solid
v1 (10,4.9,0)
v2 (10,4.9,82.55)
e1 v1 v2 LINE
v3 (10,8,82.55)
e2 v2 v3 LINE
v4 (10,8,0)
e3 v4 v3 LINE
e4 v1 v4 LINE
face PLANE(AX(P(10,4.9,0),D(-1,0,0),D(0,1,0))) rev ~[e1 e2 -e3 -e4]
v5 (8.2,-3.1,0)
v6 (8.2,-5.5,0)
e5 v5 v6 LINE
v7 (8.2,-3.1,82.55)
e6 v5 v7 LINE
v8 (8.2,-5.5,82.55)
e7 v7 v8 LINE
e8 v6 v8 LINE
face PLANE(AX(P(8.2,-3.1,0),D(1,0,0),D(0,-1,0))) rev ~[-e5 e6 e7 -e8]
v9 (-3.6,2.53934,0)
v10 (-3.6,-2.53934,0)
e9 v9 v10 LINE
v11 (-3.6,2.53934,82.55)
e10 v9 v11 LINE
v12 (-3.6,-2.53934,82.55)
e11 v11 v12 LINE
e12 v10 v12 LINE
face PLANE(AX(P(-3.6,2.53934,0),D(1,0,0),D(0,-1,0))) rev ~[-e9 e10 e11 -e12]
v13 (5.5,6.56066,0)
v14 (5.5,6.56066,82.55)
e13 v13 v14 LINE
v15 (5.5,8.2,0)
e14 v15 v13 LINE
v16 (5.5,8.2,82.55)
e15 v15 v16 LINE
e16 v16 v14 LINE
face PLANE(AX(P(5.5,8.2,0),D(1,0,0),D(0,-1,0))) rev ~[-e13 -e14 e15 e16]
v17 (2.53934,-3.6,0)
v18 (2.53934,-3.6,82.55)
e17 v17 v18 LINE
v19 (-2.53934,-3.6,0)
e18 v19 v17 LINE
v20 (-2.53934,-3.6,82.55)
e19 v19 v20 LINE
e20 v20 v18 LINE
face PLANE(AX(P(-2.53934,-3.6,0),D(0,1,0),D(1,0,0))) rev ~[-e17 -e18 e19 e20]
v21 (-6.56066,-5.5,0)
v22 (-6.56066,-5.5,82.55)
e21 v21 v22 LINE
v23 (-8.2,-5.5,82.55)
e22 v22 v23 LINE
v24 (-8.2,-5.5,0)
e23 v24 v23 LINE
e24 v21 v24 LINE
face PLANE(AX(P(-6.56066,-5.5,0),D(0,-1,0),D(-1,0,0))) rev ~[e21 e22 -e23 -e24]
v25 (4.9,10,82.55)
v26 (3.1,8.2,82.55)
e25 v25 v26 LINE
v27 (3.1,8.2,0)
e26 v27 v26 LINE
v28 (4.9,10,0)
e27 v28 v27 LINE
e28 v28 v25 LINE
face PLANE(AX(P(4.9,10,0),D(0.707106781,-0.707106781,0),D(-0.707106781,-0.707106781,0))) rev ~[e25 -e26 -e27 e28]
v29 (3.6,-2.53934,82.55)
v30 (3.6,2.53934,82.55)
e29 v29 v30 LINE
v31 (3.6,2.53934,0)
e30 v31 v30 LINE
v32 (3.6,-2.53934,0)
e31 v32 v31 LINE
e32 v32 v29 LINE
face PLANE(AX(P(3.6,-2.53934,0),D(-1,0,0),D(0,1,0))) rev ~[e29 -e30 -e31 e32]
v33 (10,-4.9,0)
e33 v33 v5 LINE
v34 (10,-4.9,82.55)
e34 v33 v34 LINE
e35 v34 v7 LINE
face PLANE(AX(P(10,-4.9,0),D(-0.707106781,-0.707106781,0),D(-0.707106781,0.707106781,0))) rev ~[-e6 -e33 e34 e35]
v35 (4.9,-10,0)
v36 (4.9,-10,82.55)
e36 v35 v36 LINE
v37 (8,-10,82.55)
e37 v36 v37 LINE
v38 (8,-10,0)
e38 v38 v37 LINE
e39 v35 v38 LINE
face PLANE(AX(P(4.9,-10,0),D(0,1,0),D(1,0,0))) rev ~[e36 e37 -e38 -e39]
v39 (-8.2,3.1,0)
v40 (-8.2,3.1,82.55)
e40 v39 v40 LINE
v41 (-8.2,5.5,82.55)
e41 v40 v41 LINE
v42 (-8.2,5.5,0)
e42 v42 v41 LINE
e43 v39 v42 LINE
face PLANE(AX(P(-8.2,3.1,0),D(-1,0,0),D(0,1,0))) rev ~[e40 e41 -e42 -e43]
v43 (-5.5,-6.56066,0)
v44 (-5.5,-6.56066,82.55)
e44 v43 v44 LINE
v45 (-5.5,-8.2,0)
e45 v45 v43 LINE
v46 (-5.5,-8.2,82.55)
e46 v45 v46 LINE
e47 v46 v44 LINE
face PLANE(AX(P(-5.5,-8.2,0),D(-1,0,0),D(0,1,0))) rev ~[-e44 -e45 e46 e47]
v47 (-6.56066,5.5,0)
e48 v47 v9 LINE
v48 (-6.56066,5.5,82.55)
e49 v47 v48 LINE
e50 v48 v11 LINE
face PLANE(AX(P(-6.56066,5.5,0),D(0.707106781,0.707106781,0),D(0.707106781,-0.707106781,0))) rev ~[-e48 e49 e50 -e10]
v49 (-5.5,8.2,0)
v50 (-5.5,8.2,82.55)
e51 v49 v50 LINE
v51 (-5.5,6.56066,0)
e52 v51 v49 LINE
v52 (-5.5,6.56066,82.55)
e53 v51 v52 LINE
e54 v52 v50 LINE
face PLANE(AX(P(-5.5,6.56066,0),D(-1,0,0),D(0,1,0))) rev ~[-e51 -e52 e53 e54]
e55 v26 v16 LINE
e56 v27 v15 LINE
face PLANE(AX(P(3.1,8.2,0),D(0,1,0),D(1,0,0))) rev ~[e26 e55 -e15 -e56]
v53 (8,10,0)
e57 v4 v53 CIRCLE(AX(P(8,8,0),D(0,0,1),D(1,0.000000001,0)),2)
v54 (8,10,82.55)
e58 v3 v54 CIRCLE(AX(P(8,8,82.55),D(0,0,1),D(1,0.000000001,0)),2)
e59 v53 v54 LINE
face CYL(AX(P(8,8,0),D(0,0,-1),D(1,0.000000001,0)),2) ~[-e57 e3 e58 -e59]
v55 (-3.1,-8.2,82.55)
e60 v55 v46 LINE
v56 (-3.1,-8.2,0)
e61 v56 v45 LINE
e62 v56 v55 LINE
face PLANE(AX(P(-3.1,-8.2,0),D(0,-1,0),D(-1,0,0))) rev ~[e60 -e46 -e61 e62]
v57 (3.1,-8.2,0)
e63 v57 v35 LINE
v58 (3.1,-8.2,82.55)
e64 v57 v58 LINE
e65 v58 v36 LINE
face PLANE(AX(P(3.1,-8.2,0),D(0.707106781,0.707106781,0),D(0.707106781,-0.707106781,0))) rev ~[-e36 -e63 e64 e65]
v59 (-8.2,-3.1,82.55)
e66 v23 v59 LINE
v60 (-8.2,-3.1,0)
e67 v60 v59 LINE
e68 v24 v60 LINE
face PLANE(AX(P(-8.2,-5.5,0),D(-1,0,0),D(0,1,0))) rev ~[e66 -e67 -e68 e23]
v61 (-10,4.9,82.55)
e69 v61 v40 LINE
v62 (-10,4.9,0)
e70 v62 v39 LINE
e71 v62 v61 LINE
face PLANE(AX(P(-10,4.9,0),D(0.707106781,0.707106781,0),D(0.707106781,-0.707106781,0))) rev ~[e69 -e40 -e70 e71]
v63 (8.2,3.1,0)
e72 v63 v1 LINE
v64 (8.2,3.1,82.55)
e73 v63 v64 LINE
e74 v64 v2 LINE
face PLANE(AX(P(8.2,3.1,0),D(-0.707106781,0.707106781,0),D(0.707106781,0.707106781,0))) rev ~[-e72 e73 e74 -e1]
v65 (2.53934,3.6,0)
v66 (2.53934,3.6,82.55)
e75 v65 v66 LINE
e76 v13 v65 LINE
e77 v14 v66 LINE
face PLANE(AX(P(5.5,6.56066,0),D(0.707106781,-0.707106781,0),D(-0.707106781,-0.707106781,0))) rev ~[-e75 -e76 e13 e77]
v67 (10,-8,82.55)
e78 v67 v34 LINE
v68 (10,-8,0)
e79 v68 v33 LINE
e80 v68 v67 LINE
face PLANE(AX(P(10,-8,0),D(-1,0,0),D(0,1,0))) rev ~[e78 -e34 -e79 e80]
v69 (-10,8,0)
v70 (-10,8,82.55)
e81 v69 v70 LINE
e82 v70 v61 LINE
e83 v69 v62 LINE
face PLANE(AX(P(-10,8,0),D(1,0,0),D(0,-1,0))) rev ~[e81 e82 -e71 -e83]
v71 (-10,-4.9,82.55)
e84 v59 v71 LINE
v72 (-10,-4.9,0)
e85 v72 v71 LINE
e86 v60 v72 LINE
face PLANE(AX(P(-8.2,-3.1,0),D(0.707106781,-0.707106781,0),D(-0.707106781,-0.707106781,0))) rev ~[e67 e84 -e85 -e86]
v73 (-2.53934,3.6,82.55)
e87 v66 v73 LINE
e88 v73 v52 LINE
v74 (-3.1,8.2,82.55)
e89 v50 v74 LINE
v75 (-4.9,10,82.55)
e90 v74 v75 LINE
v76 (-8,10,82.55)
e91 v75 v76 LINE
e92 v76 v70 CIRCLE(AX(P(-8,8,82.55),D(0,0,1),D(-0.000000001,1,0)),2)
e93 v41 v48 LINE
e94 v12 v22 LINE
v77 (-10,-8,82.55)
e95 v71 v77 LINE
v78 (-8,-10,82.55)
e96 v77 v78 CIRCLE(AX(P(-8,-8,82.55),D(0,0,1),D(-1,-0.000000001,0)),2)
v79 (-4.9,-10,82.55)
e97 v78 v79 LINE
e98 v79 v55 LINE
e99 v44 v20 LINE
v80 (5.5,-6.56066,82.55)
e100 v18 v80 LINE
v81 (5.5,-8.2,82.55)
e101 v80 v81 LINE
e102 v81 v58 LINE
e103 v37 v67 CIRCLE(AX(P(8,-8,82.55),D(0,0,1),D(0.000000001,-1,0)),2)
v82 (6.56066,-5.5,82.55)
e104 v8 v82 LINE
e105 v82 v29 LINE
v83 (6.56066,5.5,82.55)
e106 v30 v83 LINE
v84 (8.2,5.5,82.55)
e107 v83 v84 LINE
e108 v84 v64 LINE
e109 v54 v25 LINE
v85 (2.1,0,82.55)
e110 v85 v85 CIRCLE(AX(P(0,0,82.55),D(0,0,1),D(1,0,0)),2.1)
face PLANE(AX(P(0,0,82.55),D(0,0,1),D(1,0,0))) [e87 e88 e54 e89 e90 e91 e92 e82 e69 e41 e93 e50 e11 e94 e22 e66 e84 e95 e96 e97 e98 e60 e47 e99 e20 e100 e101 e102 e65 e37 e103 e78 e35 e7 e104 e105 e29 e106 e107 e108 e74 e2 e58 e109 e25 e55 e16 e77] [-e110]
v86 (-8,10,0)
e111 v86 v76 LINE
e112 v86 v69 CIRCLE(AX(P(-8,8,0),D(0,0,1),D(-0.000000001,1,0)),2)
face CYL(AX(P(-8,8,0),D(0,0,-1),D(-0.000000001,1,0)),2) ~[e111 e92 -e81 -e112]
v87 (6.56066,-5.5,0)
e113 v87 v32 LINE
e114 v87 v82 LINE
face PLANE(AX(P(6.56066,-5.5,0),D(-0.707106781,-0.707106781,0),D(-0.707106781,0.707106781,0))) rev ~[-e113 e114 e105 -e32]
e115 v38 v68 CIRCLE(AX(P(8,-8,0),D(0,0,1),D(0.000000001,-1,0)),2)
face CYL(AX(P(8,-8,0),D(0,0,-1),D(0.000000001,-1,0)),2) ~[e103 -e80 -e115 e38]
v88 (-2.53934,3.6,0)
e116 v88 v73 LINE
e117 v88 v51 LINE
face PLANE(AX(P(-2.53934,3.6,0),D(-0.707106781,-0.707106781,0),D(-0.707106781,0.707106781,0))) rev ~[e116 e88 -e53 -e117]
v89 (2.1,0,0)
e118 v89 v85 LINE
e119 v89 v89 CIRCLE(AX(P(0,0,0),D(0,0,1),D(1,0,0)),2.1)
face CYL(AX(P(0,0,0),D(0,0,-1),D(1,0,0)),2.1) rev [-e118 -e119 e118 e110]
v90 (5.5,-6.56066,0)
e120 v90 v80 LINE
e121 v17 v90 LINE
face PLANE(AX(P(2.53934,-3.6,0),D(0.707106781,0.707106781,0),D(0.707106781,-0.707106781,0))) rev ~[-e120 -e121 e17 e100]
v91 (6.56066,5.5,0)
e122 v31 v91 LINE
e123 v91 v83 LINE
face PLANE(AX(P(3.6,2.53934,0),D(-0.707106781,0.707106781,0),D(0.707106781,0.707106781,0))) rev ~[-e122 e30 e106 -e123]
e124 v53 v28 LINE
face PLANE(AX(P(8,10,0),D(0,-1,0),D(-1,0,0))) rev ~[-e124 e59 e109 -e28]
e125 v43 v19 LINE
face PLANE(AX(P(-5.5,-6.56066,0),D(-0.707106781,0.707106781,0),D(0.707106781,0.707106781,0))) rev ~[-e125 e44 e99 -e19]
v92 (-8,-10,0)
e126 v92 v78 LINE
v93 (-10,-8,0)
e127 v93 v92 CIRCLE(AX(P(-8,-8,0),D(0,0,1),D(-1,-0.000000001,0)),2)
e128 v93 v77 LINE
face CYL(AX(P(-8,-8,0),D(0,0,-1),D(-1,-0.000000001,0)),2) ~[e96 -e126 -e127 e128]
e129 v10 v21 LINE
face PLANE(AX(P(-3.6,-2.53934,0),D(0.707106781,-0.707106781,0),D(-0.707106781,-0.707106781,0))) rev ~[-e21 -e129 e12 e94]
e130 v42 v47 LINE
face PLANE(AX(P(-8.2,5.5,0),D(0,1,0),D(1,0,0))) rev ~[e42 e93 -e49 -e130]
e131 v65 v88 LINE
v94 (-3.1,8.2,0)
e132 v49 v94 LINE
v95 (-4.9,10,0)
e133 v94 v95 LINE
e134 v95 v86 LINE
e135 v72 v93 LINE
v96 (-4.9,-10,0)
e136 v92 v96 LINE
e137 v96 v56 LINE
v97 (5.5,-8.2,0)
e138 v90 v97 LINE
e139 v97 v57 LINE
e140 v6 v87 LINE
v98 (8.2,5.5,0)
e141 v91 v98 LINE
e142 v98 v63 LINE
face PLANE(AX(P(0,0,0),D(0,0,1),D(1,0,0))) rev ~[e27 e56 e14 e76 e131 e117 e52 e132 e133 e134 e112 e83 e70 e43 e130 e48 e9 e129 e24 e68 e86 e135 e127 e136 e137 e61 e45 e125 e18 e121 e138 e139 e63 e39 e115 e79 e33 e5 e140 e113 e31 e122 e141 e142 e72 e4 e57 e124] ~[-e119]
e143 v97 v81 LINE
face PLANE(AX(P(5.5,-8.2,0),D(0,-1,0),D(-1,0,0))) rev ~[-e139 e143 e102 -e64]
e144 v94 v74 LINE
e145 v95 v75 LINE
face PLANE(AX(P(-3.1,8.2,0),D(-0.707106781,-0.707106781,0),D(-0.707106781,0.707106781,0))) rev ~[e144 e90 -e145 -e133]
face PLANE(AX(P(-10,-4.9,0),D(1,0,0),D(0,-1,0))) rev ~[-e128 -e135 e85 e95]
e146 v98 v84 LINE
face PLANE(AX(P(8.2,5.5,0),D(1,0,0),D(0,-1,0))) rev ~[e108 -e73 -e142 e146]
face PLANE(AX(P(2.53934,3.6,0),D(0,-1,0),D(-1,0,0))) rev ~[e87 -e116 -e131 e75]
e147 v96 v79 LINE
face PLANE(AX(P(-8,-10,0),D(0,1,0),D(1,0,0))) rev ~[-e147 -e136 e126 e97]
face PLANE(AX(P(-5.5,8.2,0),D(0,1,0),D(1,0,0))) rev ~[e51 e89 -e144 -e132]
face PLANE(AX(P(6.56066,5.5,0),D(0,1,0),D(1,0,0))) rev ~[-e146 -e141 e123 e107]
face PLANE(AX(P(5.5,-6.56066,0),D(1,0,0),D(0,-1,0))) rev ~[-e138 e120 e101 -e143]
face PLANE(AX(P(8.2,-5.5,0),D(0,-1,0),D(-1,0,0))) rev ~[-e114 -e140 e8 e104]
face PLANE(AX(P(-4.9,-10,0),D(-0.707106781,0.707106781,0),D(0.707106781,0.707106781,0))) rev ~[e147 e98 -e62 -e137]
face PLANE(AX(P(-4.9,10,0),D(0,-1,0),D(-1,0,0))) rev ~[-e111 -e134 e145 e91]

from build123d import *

# Parameters (mm, degrees)
SKETCH1_R           = 2.1
BOSS_EXTRUDE1_DEPTH = 82.55


with BuildPart() as part:
    # Sketch1 → Boss-Extrude1 (new body)
    with BuildSketch(Plane.XY):
        with BuildLine():
            Line((-4.9, -10), (-3.1, -8.2))
            Line((-3.1, -8.2), (-5.5, -8.2))
            Line((-5.5, -8.2), (-5.5, -6.560660172))
            Line((-5.5, -6.560660172), (-2.539339828, -3.6))
            Line((-2.539339828, -3.6), (2.539339828, -3.6))
            Line((2.539339828, -3.6), (5.5, -6.560660172))
            Line((5.5, -6.560660172), (5.5, -8.2))
            Line((5.5, -8.2), (3.1, -8.2))
            Line((3.1, -8.2), (4.9, -10))
            Line((4.9, -10), (8, -10))
            ThreePointArc((8, -10), (9.414213562, -9.414213562), (10, -8))
            Line((10, -8), (10, -4.9))
            Line((10, -4.9), (8.2, -3.1))
            Line((8.2, -3.1), (8.2, -5.5))
            Line((8.2, -5.5), (6.560660172, -5.5))
            Line((6.560660172, -5.5), (3.6, -2.539339828))
            Line((3.6, -2.539339828), (3.6, 2.539339828))
            Line((3.6, 2.539339828), (6.560660172, 5.5))
            Line((6.560660172, 5.5), (8.2, 5.5))
            Line((8.2, 5.5), (8.2, 3.1))
            Line((8.2, 3.1), (10, 4.9))
            Line((10, 4.9), (10, 8))
            ThreePointArc((10, 8), (9.414213562, 9.414213562), (8, 10))
            Line((8, 10), (4.9, 10))
            Line((4.9, 10), (3.1, 8.2))
            Line((3.1, 8.2), (5.5, 8.2))
            Line((5.5, 8.2), (5.5, 6.560660172))
            Line((5.5, 6.560660172), (2.539339828, 3.6))
            Line((2.539339828, 3.6), (-2.539339828, 3.6))
            Line((-2.539339828, 3.6), (-5.5, 6.560660172))
            Line((-5.5, 6.560660172), (-5.5, 8.2))
            Line((-5.5, 8.2), (-3.1, 8.2))
            Line((-3.1, 8.2), (-4.9, 10))
            Line((-4.9, 10), (-8, 10))
            ThreePointArc((-8, 10), (-9.414213562, 9.414213562), (-10, 8))
            Line((-10, 8), (-10, 4.9))
            Line((-10, 4.9), (-8.2, 3.1))
            Line((-8.2, 3.1), (-8.2, 5.5))
            Line((-8.2, 5.5), (-6.560660172, 5.5))
            Line((-6.560660172, 5.5), (-3.6, 2.539339828))
            Line((-3.6, 2.539339828), (-3.6, -2.539339828))
            Line((-3.6, -2.539339828), (-6.560660172, -5.5))
            Line((-6.560660172, -5.5), (-8.2, -5.5))
            Line((-8.2, -5.5), (-8.2, -3.1))
            Line((-8.2, -3.1), (-10, -4.9))
            Line((-10, -4.9), (-10, -8))
            ThreePointArc((-10, -8), (-9.414213562, -9.414213562), (-8, -10))
            Line((-8, -10), (-4.9, -10))
        make_face()
        Circle(SKETCH1_R, mode=Mode.SUBTRACT)
    extrude(amount=BOSS_EXTRUDE1_DEPTH)


solid = part.part
